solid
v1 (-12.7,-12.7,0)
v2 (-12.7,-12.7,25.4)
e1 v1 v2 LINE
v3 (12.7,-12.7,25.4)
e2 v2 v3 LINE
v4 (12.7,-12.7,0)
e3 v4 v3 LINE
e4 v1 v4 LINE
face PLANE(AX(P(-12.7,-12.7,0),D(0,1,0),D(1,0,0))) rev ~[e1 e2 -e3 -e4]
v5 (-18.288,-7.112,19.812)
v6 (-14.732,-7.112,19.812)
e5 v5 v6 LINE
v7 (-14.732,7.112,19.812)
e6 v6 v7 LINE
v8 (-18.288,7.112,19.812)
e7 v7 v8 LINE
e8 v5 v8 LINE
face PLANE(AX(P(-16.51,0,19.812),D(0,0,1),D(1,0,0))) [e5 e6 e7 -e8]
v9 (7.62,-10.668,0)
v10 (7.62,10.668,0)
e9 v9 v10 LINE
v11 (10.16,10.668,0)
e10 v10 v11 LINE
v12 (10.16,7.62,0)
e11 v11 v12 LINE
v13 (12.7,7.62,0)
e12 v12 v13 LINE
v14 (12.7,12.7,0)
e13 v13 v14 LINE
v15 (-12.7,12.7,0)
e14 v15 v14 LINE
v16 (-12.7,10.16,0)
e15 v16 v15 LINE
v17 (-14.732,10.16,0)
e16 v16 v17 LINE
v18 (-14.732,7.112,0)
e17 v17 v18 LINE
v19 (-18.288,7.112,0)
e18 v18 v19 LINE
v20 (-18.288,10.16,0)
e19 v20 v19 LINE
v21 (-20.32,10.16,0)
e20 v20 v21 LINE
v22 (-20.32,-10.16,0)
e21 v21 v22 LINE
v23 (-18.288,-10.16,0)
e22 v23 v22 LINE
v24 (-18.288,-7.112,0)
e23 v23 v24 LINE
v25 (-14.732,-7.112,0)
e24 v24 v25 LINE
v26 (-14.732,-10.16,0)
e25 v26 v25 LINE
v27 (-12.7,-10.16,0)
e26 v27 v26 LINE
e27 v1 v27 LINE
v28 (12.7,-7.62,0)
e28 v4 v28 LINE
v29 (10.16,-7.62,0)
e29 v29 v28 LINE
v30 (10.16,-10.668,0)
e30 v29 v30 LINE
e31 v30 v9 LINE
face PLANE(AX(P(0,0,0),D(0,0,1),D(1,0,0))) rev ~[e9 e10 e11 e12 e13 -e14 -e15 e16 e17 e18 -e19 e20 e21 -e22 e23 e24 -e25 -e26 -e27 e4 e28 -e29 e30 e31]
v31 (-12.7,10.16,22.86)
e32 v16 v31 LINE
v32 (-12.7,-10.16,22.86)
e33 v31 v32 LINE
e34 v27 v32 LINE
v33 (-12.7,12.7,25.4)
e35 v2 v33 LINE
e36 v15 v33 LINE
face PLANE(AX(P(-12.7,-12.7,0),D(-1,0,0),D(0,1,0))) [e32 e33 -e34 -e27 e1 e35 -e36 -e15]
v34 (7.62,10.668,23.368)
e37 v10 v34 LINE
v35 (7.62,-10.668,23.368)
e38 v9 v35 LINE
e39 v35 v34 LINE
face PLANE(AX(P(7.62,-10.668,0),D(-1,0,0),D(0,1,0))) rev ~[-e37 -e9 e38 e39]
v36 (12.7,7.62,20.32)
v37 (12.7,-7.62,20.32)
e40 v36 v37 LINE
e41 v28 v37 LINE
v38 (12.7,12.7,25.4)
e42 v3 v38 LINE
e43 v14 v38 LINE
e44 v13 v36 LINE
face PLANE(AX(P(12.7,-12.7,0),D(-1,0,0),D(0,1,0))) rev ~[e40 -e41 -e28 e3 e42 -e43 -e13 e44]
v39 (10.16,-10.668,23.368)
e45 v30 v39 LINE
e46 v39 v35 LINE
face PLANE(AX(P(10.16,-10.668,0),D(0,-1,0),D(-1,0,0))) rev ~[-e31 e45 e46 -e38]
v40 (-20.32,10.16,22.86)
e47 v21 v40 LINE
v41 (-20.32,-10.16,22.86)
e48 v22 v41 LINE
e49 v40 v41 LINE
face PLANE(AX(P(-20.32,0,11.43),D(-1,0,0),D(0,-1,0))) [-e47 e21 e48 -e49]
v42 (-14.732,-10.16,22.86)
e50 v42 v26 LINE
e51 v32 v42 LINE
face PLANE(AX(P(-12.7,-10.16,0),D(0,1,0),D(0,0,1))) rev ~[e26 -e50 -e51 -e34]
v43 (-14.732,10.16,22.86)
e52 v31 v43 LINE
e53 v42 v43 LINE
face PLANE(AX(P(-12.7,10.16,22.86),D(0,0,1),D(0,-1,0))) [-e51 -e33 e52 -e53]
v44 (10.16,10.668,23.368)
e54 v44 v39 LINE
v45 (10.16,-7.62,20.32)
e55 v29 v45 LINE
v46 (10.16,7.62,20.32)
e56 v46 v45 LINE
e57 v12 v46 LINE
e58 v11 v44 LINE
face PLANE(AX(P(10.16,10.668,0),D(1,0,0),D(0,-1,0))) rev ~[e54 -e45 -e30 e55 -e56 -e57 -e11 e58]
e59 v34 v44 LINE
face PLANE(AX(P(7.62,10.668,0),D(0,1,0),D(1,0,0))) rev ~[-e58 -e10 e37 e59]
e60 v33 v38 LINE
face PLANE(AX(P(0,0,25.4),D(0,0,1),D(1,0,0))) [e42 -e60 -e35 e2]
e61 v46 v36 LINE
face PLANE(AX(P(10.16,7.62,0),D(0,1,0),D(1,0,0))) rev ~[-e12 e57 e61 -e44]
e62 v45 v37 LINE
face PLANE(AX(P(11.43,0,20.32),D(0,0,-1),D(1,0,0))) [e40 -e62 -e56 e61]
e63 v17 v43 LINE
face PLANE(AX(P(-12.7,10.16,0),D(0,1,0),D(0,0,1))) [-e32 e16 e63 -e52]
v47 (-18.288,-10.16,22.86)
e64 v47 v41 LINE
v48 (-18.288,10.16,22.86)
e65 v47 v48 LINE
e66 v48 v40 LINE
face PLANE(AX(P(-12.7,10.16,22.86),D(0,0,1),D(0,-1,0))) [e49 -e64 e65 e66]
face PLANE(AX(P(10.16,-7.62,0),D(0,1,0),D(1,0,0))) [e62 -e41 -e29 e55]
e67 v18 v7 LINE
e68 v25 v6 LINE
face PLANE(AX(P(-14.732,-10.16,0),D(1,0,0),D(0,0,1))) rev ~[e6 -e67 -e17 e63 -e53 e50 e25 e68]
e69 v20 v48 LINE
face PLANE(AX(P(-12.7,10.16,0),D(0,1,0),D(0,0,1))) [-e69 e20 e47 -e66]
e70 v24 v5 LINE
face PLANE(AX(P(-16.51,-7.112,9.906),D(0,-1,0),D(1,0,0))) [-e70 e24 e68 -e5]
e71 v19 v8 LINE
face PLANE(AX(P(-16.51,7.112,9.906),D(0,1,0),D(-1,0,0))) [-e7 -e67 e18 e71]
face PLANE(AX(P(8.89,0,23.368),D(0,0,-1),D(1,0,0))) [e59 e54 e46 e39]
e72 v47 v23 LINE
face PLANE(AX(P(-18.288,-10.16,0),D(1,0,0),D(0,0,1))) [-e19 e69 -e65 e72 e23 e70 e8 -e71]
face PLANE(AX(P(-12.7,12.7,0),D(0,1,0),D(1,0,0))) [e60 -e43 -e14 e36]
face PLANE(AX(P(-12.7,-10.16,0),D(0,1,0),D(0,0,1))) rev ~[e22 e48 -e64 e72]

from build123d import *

# Parameters (mm, degrees)
F0_W      = 25.4
F0_H      = 25.4
F1_DEPTH  = 25.4
F2_W      = 20.32
F2_H      = 22.86
F3_DEPTH  = 7.62
F4_W      = 3.556
F4_H      = 20.32
F5_DEPTH  = 3.048
F6_W      = 3.556
F6_H      = 19.812
F7_DEPTH  = 3.048
F8_W      = 3.556
F8_H      = 19.812
F9_DEPTH  = 3.048
F13_DEPTH = 23.368
F12_W     = 2.54
F12_H     = 15.24
F14_DEPTH = 20.32


with BuildPart() as f1:
    # F0 (on Top) → F1 (new body)
    with BuildSketch(Plane.XY):
        Rectangle(F0_W, F0_H)
    extrude(amount=F1_DEPTH)

    # F2 (on face) → F3 (join)
    with BuildSketch(Plane(origin=(-12.7, 0, 0), x_dir=(0, -1, 0), z_dir=(-1, 0, 0))):
        with Locations((0, 11.43)):
            Rectangle(F2_W, F2_H)
    extrude(amount=F3_DEPTH)

    # F4 (on face) → F5 (cut)
    with BuildSketch(Plane.XY.offset(22.86)):
        with Locations((-16.51, 0)):
            Rectangle(F4_W, F4_H)
    extrude(amount=-F5_DEPTH, mode=Mode.SUBTRACT)

    # F6 (on face) → F7 (cut)
    with BuildSketch(Plane.XZ.offset(10.16)):
        with Locations((-16.51, 9.906)):
            Rectangle(F6_W, F6_H)
    extrude(amount=-F7_DEPTH, mode=Mode.SUBTRACT)

    # F8 (on face) → F9 (cut)
    with BuildSketch(Plane(origin=(0, 10.16, 0), x_dir=(-1, 0, 0), z_dir=(0, 1, 0))):
        with Locations((16.51, 9.906)):
            Rectangle(F8_W, F8_H)
    extrude(amount=-F9_DEPTH, mode=Mode.SUBTRACT)

    # F12 (on face) → F13 (cut)
    with BuildSketch(Plane(origin=(0, 0, 0), x_dir=(1, 0, 0), z_dir=(0, 0, -1))):
        Polygon((10.16, -7.62), (10.16, 7.62), (10.16, 10.668), (7.62, 10.668), (7.62, -10.668), (10.16, -10.668), align=None)
    extrude(amount=-F13_DEPTH, mode=Mode.SUBTRACT)

    # F12 (on face) → F14 (cut)
    with BuildSketch(Plane(origin=(0, 0, 0), x_dir=(1, 0, 0), z_dir=(0, 0, -1))):
        with Locations((11.43, 0)):
            Rectangle(F12_W, F12_H)
    extrude(amount=-F14_DEPTH, mode=Mode.SUBTRACT)


with BuildPart() as f10_1:
    # F10: copy of F1
    add(f1.part.moved(Location((-54.102, 0, 0))))


solid = f1.part
